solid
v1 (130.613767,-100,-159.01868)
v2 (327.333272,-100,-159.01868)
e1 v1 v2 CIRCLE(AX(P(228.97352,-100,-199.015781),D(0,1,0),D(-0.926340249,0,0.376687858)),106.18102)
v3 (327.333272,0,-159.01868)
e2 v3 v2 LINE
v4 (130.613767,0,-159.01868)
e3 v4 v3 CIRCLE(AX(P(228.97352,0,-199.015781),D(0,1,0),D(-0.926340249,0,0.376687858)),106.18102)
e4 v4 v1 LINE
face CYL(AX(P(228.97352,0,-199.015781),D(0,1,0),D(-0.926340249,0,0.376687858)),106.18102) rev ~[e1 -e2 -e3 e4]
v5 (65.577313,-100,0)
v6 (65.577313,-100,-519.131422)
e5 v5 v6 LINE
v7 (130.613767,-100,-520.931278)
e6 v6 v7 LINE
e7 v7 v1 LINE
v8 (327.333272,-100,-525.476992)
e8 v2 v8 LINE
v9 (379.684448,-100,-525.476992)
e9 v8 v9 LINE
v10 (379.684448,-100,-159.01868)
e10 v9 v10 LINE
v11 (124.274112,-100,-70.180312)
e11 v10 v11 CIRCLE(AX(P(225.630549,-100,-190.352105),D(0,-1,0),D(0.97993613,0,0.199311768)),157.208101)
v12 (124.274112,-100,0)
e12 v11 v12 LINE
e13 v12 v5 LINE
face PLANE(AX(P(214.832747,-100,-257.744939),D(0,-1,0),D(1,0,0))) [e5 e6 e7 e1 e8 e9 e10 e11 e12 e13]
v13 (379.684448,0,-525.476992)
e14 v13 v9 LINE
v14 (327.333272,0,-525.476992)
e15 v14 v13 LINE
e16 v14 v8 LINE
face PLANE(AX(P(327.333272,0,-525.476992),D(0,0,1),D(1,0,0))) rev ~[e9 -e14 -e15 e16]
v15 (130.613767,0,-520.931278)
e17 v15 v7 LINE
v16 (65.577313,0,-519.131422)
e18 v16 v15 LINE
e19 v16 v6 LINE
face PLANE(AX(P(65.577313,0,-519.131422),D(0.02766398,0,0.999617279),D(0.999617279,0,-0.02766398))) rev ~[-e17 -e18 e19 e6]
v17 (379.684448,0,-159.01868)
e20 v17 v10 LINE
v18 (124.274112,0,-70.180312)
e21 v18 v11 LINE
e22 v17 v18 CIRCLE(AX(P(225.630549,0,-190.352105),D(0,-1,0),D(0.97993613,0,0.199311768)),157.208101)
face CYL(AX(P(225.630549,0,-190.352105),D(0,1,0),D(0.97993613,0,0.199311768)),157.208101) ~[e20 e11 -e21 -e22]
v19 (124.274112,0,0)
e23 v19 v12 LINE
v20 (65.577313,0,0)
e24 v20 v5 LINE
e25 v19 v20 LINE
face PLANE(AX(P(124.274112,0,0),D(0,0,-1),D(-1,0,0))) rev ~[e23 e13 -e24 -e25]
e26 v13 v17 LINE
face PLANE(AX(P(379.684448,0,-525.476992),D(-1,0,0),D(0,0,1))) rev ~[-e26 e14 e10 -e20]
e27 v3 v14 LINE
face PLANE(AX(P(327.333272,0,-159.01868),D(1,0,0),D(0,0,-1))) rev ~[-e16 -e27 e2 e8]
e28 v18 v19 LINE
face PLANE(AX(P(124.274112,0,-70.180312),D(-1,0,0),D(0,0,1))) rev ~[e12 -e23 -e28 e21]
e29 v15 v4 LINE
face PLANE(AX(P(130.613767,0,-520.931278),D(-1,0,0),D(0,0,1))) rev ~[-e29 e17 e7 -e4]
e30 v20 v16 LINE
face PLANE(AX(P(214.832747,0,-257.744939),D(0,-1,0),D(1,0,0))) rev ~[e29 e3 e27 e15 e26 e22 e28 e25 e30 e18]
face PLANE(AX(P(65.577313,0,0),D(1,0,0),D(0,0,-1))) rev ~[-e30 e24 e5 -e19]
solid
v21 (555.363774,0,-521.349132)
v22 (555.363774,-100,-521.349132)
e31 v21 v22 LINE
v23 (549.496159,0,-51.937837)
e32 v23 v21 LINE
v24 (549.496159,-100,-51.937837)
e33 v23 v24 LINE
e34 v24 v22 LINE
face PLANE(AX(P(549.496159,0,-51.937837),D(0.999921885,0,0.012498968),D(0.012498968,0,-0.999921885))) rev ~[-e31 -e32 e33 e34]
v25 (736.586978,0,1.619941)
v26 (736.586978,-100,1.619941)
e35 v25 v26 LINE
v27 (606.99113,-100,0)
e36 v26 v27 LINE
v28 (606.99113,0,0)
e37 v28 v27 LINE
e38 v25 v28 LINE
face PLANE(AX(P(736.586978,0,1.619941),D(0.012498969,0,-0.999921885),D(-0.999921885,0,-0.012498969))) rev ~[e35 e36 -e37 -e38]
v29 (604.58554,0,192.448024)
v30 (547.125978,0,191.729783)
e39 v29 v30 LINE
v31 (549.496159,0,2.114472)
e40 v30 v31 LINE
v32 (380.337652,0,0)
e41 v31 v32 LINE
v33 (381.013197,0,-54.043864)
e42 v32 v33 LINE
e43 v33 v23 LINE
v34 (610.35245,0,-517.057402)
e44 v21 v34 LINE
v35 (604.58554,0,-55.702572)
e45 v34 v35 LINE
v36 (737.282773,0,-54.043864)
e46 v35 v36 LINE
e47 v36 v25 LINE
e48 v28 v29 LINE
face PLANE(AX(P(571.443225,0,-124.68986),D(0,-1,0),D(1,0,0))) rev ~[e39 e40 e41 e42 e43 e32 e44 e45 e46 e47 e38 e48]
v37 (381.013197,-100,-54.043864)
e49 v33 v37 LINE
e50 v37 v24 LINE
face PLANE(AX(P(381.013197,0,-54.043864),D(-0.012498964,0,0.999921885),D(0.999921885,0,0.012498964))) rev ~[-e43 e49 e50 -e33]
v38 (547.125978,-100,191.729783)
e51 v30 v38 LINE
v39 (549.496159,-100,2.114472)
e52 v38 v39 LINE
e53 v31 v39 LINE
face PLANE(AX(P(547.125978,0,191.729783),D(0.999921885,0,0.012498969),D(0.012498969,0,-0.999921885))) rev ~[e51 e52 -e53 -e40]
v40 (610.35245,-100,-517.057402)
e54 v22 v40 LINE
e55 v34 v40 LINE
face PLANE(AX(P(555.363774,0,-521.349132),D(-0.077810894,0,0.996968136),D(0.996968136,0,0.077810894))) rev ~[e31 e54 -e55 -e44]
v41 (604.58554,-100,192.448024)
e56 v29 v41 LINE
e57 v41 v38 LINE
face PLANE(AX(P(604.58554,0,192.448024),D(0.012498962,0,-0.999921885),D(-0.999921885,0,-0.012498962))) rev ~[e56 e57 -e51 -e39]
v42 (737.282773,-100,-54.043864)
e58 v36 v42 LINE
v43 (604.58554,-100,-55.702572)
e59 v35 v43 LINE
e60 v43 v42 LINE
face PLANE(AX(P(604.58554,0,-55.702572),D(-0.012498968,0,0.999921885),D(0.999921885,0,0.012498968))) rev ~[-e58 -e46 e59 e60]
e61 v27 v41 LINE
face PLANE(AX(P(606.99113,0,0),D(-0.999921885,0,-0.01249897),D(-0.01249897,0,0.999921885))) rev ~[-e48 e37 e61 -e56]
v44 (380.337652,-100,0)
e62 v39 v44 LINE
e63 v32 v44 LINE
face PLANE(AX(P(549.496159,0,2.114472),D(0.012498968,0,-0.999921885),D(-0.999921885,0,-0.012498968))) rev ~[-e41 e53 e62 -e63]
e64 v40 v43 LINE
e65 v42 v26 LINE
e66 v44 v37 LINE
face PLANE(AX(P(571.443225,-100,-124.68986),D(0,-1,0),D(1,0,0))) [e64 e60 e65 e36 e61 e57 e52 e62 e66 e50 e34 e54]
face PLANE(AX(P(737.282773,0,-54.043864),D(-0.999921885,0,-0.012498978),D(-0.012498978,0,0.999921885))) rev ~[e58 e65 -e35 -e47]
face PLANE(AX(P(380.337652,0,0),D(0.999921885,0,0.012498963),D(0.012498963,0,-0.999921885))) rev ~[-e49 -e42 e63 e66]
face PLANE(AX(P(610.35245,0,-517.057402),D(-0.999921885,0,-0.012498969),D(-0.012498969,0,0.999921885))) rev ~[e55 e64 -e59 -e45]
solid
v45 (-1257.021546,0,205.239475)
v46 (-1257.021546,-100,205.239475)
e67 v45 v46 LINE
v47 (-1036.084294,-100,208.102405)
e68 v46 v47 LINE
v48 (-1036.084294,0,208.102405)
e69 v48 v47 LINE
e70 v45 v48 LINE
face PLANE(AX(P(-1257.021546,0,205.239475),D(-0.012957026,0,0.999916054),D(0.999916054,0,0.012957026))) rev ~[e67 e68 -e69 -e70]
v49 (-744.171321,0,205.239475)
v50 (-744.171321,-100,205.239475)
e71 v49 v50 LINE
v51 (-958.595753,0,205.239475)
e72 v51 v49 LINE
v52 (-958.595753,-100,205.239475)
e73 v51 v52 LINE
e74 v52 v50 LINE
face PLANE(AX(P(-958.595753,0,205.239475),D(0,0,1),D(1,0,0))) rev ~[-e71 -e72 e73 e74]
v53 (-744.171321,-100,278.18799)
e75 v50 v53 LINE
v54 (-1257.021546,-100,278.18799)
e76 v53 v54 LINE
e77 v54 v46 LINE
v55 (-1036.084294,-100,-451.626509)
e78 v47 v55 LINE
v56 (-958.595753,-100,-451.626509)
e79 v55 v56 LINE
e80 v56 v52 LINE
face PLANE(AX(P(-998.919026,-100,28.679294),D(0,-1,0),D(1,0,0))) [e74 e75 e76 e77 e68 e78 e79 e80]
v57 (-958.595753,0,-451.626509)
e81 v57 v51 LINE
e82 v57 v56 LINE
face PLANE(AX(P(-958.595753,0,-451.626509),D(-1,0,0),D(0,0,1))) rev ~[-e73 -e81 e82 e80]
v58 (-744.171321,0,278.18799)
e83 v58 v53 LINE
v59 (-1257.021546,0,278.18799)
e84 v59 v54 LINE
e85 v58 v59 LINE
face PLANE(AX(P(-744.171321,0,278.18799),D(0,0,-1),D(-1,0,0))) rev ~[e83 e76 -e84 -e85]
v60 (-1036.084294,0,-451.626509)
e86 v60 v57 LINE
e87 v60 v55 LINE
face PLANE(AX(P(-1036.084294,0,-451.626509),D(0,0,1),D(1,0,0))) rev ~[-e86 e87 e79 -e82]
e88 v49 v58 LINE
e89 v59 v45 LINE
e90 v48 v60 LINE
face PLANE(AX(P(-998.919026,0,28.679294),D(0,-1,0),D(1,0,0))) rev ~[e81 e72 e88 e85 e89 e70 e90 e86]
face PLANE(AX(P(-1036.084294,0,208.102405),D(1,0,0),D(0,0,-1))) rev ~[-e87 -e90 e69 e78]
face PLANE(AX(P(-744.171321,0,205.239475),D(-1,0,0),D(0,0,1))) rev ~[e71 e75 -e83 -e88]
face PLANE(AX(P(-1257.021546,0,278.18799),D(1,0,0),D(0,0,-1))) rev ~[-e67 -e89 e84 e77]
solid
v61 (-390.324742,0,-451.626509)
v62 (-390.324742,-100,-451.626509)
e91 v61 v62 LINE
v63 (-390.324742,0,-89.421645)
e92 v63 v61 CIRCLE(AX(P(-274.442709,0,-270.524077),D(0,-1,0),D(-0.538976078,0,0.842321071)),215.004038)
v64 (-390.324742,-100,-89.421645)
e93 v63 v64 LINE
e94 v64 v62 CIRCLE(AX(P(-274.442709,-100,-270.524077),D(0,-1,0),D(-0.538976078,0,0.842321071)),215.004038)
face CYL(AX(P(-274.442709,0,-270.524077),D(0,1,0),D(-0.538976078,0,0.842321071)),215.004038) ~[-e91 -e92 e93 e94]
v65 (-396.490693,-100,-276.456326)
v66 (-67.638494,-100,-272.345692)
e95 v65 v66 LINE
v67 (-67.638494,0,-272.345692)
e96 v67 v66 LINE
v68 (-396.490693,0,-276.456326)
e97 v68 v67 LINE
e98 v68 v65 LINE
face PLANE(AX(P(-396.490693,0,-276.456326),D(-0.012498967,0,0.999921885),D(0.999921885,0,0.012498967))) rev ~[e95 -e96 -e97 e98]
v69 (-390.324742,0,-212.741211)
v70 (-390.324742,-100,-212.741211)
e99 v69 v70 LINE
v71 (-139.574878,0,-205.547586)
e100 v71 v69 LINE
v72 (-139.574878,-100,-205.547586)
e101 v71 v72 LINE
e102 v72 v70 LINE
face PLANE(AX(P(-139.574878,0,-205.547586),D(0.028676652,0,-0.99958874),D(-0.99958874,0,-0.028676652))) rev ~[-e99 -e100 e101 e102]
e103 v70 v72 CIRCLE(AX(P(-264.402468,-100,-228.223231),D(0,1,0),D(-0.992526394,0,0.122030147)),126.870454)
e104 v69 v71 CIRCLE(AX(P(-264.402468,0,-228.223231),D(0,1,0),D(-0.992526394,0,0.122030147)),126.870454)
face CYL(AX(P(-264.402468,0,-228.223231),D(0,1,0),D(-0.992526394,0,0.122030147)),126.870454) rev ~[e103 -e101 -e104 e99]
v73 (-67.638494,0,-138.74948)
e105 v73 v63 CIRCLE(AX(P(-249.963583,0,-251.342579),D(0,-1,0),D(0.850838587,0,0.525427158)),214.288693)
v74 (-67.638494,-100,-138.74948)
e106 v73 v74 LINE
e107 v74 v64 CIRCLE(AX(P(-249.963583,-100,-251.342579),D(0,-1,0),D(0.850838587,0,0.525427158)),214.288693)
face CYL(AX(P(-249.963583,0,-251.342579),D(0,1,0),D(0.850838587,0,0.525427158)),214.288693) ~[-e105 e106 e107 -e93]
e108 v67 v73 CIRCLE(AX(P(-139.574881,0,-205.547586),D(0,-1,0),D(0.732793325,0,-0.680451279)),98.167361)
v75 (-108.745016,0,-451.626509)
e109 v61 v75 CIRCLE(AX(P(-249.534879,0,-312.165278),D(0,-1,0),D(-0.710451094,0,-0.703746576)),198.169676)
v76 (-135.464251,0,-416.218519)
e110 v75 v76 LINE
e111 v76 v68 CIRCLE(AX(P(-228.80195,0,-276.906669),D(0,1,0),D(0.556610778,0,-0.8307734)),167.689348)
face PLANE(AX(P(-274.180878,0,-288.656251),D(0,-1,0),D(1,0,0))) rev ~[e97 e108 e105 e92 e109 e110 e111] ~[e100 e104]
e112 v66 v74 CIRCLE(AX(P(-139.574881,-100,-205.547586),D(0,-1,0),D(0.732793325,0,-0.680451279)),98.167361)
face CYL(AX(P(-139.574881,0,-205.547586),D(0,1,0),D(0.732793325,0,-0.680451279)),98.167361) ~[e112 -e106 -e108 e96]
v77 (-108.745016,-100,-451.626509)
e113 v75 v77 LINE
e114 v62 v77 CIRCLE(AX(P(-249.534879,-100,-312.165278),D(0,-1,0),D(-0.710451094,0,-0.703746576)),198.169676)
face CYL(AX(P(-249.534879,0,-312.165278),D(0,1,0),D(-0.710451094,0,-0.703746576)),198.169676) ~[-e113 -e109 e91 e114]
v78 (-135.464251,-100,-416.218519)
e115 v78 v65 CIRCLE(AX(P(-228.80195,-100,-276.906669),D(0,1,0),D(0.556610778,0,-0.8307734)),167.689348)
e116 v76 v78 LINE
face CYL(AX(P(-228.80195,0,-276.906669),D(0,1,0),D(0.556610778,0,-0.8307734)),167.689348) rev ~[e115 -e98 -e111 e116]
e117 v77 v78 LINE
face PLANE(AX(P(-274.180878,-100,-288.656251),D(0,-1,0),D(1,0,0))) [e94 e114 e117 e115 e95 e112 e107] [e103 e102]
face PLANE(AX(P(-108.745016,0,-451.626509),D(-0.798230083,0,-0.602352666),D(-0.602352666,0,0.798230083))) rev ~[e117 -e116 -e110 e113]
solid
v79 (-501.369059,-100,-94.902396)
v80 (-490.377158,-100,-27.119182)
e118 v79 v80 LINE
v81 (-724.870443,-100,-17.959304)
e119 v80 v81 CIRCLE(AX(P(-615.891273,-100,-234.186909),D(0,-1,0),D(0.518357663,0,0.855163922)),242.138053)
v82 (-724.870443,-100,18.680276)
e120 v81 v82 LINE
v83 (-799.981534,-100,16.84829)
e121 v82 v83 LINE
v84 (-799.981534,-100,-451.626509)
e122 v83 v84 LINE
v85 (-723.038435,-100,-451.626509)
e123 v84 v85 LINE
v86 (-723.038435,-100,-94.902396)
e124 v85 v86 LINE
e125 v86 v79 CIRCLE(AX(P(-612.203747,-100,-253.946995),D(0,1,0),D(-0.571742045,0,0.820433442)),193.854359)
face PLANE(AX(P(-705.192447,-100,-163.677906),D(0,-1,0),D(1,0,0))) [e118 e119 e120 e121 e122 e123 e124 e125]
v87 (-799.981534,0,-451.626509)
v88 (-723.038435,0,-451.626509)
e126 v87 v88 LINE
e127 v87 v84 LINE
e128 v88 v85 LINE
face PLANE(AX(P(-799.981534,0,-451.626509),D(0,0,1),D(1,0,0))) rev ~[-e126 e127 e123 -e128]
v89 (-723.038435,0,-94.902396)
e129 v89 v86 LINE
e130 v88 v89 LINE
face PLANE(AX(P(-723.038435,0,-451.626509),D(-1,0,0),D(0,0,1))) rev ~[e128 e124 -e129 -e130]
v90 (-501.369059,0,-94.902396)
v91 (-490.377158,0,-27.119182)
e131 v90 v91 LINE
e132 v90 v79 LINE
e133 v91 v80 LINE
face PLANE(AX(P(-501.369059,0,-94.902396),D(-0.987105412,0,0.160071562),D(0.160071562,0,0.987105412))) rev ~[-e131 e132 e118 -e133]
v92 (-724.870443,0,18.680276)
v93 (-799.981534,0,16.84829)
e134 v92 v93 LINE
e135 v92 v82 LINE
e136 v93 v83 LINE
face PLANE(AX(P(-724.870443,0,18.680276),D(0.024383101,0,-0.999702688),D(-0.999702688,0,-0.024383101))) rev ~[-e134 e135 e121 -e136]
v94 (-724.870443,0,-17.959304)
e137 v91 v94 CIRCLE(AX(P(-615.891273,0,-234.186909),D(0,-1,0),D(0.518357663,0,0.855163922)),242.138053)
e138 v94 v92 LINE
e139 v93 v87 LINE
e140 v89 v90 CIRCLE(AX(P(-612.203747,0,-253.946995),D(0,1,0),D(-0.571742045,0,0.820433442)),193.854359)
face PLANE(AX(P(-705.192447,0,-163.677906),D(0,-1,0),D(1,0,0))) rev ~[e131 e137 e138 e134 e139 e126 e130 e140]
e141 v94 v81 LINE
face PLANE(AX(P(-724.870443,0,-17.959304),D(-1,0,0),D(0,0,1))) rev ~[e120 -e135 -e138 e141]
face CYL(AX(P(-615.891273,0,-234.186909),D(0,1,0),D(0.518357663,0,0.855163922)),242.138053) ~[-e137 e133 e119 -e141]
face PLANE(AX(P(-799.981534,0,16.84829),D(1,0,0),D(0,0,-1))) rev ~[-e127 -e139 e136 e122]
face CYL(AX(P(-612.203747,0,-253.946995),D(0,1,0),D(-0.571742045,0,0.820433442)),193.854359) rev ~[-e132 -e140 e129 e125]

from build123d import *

# Parameters (mm, degrees)
F1_DEPTH = 100
F2_DEPTH = 100
F3_DEPTH = 100
F4_DEPTH = 100
F5_DEPTH = 100


with BuildPart() as f1:
    # F0 (on Front) → F1 (new body)
    with BuildSketch(Plane.XZ):
        Polygon((-1036.084294, 208.102405), (-1036.084294, -451.626509), (-958.595753, -451.626509), (-958.595753, 205.239475), (-744.171321, 205.239475), (-744.171321, 278.18799), (-1257.021546, 278.18799), (-1257.021546, 205.239475), align=None)
    extrude(amount=F1_DEPTH)


with BuildPart() as f2:
    # F0 (on Front) → F2 (new body)
    with BuildSketch(Plane.XZ):
        with BuildLine():
            Line((-799.981534, 16.84829), (-799.981534, -451.626509))
            Line((-799.981534, -451.626509), (-723.038435, -451.626509))
            Line((-723.038435, -451.626509), (-723.038435, -94.902396))
            ThreePointArc((-723.038435, -94.902396), (-612.203747, -60.092636), (-501.369059, -94.902396))
            Line((-501.369059, -94.902396), (-490.377158, -27.119182))
            ThreePointArc((-490.377158, -27.119182), (-606.43998, 7.766619), (-724.870443, -17.959304))
            Line((-724.870443, -17.959304), (-724.870443, 18.680276))
            Line((-724.870443, 18.680276), (-799.981534, 16.84829))
        make_face()
    extrude(amount=F2_DEPTH)


with BuildPart() as f3:
    # F0 (on Front) → F3 (new body)
    with BuildSketch(Plane.XZ):
        with BuildLine():
            ThreePointArc((-390.324742, -89.421645), (-489.446747, -270.524077), (-390.324742, -451.626509))
            ThreePointArc((-390.324742, -451.626509), (-249.534879, -510.334954), (-108.745016, -451.626509))
            Line((-108.745016, -451.626509), (-135.464251, -416.218519))
            ThreePointArc((-135.464251, -416.218519), (-307.956148, -424.738771), (-396.490693, -276.456326))
            Line((-396.490693, -276.456326), (-67.638494, -272.345692))
            ThreePointArc((-67.638494, -272.345692), (-41.40752, -205.547586), (-67.638494, -138.74948))
            ThreePointArc((-67.638494, -138.74948), (-217.582235, -39.514601), (-390.324742, -89.421645))
        make_face()
        with BuildLine():
            ThreePointArc((-390.324742, -212.741211), (-268.040688, -101.404954), (-139.574878, -205.547586))
            Line((-139.574878, -205.547586), (-390.324742, -212.741211))
        make_face(mode=Mode.SUBTRACT)
    extrude(amount=F3_DEPTH)


with BuildPart() as f4:
    # F0 (on Front) → F4 (new body)
    with BuildSketch(Plane.XZ):
        with BuildLine():
            Line((65.577313, 0), (65.577313, -519.131422))
            Line((65.577313, -519.131422), (130.613767, -520.931278))
            Line((130.613767, -520.931278), (130.613767, -159.01868))
            ThreePointArc((130.613767, -159.01868), (228.973519, -92.834761), (327.333272, -159.01868))
            Line((327.333272, -159.01868), (327.333272, -525.476992))
            Line((327.333272, -525.476992), (379.684448, -525.476992))
            Line((379.684448, -525.476992), (379.684448, -159.01868))
            ThreePointArc((379.684448, -159.01868), (277.276649, -41.869555), (124.274112, -70.180312))
            Line((124.274112, -70.180312), (124.274112, 0))
            Line((124.274112, 0), (65.577313, 0))
        make_face()
    extrude(amount=F4_DEPTH)


with BuildPart() as f5:
    # F0 (on Front) → F5 (new body)
    with BuildSketch(Plane.XZ):
        Polygon((549.496159, -51.937837), (555.363774, -521.349132), (610.35245, -517.057402), (604.58554, -55.702572), (737.282773, -54.043864), (736.586978, 1.619941), (606.99113, 0), (604.58554, 192.448024), (547.125978, 191.729783), (549.496159, 2.114472), (380.337652, 0), (381.013197, -54.043864), align=None)
    extrude(amount=F5_DEPTH)


solid = Compound([f1.part, f2.part, f3.part, f4.part, f5.part])
